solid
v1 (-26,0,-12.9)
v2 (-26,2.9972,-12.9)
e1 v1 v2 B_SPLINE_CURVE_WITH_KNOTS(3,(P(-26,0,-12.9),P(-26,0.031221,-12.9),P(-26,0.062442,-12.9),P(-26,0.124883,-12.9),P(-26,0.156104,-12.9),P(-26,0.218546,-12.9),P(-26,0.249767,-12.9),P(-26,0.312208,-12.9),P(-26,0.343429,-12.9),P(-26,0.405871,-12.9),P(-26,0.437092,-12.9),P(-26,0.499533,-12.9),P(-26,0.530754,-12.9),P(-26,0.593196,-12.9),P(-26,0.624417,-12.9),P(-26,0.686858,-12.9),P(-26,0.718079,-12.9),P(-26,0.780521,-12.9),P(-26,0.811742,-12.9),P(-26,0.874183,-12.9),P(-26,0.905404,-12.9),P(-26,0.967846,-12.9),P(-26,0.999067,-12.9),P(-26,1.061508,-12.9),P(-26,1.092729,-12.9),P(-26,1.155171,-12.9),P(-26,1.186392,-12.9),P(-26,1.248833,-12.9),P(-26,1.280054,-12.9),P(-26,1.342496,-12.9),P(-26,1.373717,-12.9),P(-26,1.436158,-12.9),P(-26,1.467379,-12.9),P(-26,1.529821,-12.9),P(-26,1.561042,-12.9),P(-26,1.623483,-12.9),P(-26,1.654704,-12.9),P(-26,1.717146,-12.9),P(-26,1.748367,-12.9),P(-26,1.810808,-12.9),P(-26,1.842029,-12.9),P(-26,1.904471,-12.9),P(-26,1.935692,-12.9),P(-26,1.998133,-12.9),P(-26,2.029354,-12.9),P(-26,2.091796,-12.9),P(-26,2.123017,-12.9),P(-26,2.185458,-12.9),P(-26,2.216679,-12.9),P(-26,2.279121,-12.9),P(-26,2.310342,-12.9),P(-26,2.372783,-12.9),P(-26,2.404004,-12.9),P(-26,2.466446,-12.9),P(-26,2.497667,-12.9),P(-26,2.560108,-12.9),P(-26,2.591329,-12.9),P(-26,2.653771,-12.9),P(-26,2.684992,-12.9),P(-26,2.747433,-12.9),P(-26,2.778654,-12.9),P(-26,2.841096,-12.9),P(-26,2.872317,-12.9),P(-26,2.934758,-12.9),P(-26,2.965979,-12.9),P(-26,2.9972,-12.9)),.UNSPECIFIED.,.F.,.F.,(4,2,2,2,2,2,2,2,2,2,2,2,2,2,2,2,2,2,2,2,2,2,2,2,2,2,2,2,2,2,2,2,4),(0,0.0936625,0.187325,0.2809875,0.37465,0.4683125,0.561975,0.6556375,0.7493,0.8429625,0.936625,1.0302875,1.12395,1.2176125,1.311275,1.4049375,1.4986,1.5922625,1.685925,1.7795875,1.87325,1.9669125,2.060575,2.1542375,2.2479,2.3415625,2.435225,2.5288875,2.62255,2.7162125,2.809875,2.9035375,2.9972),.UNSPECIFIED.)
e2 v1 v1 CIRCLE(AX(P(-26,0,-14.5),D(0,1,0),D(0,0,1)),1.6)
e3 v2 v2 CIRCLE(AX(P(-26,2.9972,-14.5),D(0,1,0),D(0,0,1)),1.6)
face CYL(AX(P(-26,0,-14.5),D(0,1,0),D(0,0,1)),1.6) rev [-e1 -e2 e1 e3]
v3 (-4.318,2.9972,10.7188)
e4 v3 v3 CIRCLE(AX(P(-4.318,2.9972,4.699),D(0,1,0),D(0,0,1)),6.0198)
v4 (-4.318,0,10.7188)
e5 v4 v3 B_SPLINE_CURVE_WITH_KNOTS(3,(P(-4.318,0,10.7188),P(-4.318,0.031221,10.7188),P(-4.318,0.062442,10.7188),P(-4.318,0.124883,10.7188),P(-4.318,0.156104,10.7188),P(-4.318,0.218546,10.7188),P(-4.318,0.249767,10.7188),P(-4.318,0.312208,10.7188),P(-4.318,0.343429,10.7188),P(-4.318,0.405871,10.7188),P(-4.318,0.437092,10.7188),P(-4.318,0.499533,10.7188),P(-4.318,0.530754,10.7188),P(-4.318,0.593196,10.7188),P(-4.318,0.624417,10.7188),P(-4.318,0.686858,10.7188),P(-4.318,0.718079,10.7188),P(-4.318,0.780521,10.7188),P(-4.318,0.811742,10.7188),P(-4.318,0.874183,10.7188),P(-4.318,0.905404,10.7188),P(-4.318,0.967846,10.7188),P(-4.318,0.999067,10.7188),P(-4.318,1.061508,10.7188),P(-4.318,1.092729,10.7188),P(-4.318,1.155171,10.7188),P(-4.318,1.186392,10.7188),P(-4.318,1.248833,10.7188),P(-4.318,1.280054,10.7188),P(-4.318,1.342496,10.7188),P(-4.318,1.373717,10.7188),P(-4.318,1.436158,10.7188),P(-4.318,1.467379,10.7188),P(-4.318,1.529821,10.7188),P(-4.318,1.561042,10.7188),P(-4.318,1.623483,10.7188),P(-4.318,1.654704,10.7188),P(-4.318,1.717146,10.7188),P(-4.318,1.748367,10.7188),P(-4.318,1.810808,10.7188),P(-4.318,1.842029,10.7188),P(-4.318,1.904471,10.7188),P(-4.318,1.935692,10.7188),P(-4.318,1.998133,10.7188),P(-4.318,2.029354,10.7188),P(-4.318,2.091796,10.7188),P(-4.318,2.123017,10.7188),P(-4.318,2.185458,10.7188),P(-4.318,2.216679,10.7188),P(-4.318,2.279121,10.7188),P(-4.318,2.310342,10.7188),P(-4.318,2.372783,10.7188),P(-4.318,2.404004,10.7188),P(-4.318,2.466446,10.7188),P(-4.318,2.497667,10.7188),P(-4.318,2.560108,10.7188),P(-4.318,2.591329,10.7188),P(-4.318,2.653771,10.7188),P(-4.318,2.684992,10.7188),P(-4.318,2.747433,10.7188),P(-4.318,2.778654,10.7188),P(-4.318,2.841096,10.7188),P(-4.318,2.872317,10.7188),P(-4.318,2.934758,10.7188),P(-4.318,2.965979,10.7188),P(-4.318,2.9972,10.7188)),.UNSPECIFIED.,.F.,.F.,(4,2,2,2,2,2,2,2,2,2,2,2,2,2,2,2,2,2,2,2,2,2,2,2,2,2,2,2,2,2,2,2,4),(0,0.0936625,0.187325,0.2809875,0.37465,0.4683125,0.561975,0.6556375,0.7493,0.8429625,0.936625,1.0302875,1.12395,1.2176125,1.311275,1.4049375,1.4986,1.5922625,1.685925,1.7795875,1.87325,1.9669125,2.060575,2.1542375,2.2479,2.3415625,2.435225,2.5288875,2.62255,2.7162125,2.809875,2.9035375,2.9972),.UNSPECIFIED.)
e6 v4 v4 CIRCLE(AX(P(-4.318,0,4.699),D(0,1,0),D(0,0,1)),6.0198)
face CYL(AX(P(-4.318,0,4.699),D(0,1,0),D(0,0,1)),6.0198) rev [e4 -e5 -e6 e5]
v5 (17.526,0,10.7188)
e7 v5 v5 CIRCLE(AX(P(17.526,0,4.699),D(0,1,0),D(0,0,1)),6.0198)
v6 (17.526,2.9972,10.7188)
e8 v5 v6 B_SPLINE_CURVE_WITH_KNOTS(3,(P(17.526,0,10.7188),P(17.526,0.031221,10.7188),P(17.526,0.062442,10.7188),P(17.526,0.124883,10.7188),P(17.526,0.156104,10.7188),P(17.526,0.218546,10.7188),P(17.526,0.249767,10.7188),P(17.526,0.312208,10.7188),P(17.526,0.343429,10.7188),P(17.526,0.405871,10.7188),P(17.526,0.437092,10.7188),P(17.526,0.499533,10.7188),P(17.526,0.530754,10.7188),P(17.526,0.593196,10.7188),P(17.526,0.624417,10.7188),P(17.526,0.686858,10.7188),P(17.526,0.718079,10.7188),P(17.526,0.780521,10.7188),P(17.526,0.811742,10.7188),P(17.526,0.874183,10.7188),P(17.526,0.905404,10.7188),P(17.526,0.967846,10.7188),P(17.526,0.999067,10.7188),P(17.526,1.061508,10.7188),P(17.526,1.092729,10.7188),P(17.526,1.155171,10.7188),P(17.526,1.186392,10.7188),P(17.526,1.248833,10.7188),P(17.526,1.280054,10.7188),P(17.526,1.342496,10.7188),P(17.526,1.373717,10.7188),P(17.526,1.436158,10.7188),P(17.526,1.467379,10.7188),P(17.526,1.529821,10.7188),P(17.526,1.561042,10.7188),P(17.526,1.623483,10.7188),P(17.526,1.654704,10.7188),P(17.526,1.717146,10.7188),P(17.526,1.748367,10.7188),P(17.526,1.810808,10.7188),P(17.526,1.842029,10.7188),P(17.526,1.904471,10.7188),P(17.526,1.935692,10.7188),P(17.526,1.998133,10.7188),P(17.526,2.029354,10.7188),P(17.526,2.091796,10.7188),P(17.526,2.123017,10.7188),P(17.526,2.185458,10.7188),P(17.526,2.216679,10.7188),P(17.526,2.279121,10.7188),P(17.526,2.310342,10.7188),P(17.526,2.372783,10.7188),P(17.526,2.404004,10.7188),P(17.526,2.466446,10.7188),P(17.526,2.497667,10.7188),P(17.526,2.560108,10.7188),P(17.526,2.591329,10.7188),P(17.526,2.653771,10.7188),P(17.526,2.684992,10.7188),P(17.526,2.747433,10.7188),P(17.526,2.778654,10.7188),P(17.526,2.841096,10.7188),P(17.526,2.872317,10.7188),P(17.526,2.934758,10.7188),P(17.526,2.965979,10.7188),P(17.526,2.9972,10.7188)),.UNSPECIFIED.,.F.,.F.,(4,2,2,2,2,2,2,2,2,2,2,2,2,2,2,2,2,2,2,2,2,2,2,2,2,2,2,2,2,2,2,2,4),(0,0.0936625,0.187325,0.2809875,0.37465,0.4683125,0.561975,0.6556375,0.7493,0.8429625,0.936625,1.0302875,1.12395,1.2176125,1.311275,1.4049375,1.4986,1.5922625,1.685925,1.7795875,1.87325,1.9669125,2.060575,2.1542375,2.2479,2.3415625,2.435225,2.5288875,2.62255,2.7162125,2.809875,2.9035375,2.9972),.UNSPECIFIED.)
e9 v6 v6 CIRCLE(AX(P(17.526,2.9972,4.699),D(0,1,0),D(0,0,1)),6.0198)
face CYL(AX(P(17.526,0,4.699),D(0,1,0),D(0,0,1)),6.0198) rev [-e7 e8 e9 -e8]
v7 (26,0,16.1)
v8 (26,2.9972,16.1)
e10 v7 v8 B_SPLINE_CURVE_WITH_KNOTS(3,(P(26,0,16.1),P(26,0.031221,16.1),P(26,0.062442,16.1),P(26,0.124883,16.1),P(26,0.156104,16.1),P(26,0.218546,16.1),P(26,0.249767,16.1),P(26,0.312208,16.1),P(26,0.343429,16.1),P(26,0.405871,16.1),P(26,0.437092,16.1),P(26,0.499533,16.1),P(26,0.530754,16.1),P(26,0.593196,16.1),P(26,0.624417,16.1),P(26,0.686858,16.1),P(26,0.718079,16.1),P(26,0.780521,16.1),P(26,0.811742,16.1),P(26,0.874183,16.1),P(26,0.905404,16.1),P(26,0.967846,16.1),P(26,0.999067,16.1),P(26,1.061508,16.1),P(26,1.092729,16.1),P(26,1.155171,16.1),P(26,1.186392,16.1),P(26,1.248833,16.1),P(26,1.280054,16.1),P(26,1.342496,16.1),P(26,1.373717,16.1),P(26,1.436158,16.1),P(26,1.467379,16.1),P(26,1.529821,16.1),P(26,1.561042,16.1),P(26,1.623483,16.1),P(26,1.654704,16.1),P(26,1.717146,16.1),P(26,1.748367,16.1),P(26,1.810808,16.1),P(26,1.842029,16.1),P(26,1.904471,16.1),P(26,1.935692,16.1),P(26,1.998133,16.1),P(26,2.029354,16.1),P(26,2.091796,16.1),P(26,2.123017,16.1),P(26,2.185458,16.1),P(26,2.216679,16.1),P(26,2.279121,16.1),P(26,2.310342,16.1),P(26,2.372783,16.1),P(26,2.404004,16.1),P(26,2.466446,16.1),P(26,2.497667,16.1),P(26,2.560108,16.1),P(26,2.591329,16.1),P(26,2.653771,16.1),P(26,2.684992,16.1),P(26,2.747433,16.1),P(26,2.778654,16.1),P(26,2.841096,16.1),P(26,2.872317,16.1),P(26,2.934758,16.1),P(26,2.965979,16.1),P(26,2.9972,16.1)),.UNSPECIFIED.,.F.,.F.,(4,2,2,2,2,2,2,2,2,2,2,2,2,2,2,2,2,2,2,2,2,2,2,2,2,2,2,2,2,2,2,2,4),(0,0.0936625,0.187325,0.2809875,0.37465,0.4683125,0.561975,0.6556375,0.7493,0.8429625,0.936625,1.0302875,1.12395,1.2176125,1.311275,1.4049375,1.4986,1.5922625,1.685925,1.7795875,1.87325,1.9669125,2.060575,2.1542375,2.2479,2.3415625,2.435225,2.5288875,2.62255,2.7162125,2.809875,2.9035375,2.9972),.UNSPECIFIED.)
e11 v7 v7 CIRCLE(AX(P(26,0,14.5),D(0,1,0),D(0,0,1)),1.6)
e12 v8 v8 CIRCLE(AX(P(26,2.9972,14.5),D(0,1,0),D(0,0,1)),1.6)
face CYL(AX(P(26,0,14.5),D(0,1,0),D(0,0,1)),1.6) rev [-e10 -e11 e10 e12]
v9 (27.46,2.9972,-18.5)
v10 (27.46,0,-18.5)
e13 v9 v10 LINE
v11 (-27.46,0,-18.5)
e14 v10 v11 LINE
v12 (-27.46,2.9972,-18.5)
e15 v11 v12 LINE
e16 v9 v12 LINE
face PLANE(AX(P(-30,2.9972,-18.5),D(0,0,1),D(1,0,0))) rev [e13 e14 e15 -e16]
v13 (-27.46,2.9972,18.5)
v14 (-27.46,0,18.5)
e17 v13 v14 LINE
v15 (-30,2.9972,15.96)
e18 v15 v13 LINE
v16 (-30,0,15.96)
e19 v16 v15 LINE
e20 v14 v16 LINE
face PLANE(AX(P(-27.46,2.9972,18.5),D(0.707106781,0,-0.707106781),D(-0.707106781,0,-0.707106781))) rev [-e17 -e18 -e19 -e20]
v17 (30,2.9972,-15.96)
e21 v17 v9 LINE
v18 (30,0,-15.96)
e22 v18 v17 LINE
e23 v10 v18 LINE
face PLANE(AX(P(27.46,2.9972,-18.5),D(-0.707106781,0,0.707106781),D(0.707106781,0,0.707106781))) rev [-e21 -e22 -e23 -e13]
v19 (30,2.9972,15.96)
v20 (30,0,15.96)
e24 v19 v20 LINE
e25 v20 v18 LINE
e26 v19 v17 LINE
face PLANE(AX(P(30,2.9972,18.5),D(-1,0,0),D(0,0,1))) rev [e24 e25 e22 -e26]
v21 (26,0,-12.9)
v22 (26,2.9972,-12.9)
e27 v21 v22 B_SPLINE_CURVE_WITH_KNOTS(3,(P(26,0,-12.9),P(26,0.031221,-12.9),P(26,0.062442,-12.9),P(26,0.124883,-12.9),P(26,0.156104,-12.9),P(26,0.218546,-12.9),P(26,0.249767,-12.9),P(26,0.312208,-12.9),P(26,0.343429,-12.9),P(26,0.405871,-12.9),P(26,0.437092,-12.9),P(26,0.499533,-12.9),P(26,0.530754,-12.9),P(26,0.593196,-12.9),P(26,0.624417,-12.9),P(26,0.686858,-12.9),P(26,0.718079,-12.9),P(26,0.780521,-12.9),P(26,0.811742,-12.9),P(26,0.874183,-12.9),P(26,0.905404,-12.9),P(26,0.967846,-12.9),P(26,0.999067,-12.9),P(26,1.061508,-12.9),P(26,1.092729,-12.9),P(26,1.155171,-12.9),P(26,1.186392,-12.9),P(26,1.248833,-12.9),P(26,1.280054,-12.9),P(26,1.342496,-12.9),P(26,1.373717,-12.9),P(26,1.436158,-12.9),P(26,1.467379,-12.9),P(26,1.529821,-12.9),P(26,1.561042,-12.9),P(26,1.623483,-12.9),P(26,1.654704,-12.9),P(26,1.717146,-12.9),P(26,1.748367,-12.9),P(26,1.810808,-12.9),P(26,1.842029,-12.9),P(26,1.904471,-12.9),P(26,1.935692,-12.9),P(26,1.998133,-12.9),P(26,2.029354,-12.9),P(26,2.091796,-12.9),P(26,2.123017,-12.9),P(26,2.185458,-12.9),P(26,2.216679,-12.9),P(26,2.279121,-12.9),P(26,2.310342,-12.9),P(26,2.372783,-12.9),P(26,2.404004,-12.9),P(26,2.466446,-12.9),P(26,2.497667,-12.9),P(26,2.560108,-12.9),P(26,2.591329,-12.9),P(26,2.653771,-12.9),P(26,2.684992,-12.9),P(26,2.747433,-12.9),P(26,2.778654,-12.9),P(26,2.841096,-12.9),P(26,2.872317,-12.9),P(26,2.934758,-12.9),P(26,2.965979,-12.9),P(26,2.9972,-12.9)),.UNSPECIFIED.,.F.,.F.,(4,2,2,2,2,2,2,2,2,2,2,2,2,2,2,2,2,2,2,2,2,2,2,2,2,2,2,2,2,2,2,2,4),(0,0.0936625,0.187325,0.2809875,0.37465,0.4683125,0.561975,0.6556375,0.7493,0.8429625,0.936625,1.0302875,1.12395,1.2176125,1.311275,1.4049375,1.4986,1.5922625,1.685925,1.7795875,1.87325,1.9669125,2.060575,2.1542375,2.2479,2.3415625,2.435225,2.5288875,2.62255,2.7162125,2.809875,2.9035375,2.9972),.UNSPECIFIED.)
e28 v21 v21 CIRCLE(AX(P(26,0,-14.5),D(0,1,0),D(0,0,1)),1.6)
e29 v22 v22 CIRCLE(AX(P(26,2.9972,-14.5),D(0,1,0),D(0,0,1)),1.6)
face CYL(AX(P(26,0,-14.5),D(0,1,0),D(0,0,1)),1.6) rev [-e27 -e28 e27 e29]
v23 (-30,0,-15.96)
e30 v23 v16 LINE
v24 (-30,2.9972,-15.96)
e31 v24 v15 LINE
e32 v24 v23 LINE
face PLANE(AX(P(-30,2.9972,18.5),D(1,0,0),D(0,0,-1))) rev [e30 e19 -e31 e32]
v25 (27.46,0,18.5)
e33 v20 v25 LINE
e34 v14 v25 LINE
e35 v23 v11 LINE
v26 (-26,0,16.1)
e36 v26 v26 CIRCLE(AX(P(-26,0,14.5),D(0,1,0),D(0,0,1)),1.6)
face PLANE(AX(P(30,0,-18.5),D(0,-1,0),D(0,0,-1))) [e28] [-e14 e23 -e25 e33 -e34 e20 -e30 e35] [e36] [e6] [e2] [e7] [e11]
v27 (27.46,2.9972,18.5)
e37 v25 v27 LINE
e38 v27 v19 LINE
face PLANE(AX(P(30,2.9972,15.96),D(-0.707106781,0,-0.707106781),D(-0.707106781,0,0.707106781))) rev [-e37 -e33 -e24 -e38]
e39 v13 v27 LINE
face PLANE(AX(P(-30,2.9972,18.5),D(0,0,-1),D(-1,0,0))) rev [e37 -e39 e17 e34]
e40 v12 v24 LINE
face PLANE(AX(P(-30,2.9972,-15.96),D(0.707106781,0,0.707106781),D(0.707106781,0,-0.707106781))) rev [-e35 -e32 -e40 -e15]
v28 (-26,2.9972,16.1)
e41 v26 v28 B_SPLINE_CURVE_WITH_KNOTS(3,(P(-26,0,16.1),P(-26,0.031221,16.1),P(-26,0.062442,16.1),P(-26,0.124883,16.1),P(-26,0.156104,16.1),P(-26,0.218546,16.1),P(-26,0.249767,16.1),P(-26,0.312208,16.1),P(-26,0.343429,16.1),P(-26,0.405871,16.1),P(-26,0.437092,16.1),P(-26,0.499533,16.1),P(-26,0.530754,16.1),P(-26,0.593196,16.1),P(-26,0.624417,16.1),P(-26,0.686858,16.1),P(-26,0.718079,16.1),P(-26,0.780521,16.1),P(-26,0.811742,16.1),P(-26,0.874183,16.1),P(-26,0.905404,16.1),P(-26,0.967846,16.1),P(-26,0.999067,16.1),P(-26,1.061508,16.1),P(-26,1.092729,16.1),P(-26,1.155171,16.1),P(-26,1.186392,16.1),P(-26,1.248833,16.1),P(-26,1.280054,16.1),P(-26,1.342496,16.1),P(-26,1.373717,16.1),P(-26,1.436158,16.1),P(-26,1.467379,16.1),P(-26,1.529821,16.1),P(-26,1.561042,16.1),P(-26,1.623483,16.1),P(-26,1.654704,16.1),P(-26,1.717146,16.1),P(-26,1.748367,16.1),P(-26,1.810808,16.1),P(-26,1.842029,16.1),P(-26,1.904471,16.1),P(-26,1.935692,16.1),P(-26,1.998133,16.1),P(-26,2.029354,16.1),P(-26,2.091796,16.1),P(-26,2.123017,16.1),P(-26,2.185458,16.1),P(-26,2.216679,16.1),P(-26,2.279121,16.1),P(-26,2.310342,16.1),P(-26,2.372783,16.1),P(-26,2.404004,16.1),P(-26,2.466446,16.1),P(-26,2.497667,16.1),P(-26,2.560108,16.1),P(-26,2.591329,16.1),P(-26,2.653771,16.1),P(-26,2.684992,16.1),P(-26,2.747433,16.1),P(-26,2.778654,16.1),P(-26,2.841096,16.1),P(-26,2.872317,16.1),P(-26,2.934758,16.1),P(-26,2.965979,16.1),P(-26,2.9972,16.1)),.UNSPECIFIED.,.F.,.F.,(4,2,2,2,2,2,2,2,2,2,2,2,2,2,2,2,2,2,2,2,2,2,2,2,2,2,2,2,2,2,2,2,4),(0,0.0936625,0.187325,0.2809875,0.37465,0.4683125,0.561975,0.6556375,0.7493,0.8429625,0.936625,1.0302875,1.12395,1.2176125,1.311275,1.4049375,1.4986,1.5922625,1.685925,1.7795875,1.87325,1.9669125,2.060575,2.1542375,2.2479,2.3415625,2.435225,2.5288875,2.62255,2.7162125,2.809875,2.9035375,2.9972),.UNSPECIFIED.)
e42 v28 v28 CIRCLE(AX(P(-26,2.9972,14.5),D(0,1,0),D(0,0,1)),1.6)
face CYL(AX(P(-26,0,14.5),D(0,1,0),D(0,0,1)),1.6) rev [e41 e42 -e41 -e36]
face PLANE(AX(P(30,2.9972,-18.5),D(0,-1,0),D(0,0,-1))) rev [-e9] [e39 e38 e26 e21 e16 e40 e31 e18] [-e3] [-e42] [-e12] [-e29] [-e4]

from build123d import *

# Parameters (mm, degrees)
SKETCH1_W           = 60
SKETCH1_H           = 37
BOSS_EXTRUDE1_DEPTH = 2.9972
SKETCH2_R           = 1.6
CUT_EXTRUDE1_DEPTH  = 36.372774952
SKETCH3_R           = 6.0198
CUT_EXTRUDE2_DEPTH  = 36.372774952
CHAMFER1_SIZE       = 2.54


with BuildPart() as part:
    # Sketch1 → Boss-Extrude1 (new body)
    with BuildSketch(Plane(origin=(0, 0, 0), x_dir=(1, 0, 0), z_dir=(0, 1, 0))):
        Rectangle(SKETCH1_W, SKETCH1_H)
    extrude(amount=BOSS_EXTRUDE1_DEPTH)

    # Sketch2 → Cut-Extrude1 (cut, through all)
    with BuildSketch(Plane(origin=(0, 2.9972, 0), x_dir=(1, 0, 0), z_dir=(0, 1, 0))):
        with Locations(Location((-26, 14.5, 0), (0, 0, 270))):
            Circle(SKETCH2_R)
        with Locations(Location((-26, -14.5, 0), (0, 0, 270))):
            Circle(SKETCH2_R)
        with Locations(Location((26, -14.5, 0), (0, 0, 270))):
            Circle(SKETCH2_R)
        with Locations(Location((26, 14.5, 0), (0, 0, 270))):
            Circle(SKETCH2_R)
    extrude(amount=-CUT_EXTRUDE1_DEPTH, mode=Mode.SUBTRACT)

    # Sketch3 → Cut-Extrude2 (cut, through all)
    with BuildSketch(Plane(origin=(0, 2.9972, 0), x_dir=(1, 0, 0), z_dir=(0, 1, 0))):
        with Locations(Location((-4.318, -4.699, 0), (0, 0, 270))):
            Circle(SKETCH3_R)
        with Locations(Location((17.526, -4.699, 0), (0, 0, 270))):
            Circle(SKETCH3_R)
    extrude(amount=-CUT_EXTRUDE2_DEPTH, mode=Mode.SUBTRACT)

    # Chamfer1
    chamfer1_edges = [part.edges().sort_by_distance(p)[0] for p in [
        (30, 1.4986, 18.5),
        (-30, 1.4986, 18.5),
        (-30, 1.4986, -18.5),
        (30, 1.4986, -18.5),
    ]]
    chamfer(chamfer1_edges, length=CHAMFER1_SIZE)


solid = part.part
